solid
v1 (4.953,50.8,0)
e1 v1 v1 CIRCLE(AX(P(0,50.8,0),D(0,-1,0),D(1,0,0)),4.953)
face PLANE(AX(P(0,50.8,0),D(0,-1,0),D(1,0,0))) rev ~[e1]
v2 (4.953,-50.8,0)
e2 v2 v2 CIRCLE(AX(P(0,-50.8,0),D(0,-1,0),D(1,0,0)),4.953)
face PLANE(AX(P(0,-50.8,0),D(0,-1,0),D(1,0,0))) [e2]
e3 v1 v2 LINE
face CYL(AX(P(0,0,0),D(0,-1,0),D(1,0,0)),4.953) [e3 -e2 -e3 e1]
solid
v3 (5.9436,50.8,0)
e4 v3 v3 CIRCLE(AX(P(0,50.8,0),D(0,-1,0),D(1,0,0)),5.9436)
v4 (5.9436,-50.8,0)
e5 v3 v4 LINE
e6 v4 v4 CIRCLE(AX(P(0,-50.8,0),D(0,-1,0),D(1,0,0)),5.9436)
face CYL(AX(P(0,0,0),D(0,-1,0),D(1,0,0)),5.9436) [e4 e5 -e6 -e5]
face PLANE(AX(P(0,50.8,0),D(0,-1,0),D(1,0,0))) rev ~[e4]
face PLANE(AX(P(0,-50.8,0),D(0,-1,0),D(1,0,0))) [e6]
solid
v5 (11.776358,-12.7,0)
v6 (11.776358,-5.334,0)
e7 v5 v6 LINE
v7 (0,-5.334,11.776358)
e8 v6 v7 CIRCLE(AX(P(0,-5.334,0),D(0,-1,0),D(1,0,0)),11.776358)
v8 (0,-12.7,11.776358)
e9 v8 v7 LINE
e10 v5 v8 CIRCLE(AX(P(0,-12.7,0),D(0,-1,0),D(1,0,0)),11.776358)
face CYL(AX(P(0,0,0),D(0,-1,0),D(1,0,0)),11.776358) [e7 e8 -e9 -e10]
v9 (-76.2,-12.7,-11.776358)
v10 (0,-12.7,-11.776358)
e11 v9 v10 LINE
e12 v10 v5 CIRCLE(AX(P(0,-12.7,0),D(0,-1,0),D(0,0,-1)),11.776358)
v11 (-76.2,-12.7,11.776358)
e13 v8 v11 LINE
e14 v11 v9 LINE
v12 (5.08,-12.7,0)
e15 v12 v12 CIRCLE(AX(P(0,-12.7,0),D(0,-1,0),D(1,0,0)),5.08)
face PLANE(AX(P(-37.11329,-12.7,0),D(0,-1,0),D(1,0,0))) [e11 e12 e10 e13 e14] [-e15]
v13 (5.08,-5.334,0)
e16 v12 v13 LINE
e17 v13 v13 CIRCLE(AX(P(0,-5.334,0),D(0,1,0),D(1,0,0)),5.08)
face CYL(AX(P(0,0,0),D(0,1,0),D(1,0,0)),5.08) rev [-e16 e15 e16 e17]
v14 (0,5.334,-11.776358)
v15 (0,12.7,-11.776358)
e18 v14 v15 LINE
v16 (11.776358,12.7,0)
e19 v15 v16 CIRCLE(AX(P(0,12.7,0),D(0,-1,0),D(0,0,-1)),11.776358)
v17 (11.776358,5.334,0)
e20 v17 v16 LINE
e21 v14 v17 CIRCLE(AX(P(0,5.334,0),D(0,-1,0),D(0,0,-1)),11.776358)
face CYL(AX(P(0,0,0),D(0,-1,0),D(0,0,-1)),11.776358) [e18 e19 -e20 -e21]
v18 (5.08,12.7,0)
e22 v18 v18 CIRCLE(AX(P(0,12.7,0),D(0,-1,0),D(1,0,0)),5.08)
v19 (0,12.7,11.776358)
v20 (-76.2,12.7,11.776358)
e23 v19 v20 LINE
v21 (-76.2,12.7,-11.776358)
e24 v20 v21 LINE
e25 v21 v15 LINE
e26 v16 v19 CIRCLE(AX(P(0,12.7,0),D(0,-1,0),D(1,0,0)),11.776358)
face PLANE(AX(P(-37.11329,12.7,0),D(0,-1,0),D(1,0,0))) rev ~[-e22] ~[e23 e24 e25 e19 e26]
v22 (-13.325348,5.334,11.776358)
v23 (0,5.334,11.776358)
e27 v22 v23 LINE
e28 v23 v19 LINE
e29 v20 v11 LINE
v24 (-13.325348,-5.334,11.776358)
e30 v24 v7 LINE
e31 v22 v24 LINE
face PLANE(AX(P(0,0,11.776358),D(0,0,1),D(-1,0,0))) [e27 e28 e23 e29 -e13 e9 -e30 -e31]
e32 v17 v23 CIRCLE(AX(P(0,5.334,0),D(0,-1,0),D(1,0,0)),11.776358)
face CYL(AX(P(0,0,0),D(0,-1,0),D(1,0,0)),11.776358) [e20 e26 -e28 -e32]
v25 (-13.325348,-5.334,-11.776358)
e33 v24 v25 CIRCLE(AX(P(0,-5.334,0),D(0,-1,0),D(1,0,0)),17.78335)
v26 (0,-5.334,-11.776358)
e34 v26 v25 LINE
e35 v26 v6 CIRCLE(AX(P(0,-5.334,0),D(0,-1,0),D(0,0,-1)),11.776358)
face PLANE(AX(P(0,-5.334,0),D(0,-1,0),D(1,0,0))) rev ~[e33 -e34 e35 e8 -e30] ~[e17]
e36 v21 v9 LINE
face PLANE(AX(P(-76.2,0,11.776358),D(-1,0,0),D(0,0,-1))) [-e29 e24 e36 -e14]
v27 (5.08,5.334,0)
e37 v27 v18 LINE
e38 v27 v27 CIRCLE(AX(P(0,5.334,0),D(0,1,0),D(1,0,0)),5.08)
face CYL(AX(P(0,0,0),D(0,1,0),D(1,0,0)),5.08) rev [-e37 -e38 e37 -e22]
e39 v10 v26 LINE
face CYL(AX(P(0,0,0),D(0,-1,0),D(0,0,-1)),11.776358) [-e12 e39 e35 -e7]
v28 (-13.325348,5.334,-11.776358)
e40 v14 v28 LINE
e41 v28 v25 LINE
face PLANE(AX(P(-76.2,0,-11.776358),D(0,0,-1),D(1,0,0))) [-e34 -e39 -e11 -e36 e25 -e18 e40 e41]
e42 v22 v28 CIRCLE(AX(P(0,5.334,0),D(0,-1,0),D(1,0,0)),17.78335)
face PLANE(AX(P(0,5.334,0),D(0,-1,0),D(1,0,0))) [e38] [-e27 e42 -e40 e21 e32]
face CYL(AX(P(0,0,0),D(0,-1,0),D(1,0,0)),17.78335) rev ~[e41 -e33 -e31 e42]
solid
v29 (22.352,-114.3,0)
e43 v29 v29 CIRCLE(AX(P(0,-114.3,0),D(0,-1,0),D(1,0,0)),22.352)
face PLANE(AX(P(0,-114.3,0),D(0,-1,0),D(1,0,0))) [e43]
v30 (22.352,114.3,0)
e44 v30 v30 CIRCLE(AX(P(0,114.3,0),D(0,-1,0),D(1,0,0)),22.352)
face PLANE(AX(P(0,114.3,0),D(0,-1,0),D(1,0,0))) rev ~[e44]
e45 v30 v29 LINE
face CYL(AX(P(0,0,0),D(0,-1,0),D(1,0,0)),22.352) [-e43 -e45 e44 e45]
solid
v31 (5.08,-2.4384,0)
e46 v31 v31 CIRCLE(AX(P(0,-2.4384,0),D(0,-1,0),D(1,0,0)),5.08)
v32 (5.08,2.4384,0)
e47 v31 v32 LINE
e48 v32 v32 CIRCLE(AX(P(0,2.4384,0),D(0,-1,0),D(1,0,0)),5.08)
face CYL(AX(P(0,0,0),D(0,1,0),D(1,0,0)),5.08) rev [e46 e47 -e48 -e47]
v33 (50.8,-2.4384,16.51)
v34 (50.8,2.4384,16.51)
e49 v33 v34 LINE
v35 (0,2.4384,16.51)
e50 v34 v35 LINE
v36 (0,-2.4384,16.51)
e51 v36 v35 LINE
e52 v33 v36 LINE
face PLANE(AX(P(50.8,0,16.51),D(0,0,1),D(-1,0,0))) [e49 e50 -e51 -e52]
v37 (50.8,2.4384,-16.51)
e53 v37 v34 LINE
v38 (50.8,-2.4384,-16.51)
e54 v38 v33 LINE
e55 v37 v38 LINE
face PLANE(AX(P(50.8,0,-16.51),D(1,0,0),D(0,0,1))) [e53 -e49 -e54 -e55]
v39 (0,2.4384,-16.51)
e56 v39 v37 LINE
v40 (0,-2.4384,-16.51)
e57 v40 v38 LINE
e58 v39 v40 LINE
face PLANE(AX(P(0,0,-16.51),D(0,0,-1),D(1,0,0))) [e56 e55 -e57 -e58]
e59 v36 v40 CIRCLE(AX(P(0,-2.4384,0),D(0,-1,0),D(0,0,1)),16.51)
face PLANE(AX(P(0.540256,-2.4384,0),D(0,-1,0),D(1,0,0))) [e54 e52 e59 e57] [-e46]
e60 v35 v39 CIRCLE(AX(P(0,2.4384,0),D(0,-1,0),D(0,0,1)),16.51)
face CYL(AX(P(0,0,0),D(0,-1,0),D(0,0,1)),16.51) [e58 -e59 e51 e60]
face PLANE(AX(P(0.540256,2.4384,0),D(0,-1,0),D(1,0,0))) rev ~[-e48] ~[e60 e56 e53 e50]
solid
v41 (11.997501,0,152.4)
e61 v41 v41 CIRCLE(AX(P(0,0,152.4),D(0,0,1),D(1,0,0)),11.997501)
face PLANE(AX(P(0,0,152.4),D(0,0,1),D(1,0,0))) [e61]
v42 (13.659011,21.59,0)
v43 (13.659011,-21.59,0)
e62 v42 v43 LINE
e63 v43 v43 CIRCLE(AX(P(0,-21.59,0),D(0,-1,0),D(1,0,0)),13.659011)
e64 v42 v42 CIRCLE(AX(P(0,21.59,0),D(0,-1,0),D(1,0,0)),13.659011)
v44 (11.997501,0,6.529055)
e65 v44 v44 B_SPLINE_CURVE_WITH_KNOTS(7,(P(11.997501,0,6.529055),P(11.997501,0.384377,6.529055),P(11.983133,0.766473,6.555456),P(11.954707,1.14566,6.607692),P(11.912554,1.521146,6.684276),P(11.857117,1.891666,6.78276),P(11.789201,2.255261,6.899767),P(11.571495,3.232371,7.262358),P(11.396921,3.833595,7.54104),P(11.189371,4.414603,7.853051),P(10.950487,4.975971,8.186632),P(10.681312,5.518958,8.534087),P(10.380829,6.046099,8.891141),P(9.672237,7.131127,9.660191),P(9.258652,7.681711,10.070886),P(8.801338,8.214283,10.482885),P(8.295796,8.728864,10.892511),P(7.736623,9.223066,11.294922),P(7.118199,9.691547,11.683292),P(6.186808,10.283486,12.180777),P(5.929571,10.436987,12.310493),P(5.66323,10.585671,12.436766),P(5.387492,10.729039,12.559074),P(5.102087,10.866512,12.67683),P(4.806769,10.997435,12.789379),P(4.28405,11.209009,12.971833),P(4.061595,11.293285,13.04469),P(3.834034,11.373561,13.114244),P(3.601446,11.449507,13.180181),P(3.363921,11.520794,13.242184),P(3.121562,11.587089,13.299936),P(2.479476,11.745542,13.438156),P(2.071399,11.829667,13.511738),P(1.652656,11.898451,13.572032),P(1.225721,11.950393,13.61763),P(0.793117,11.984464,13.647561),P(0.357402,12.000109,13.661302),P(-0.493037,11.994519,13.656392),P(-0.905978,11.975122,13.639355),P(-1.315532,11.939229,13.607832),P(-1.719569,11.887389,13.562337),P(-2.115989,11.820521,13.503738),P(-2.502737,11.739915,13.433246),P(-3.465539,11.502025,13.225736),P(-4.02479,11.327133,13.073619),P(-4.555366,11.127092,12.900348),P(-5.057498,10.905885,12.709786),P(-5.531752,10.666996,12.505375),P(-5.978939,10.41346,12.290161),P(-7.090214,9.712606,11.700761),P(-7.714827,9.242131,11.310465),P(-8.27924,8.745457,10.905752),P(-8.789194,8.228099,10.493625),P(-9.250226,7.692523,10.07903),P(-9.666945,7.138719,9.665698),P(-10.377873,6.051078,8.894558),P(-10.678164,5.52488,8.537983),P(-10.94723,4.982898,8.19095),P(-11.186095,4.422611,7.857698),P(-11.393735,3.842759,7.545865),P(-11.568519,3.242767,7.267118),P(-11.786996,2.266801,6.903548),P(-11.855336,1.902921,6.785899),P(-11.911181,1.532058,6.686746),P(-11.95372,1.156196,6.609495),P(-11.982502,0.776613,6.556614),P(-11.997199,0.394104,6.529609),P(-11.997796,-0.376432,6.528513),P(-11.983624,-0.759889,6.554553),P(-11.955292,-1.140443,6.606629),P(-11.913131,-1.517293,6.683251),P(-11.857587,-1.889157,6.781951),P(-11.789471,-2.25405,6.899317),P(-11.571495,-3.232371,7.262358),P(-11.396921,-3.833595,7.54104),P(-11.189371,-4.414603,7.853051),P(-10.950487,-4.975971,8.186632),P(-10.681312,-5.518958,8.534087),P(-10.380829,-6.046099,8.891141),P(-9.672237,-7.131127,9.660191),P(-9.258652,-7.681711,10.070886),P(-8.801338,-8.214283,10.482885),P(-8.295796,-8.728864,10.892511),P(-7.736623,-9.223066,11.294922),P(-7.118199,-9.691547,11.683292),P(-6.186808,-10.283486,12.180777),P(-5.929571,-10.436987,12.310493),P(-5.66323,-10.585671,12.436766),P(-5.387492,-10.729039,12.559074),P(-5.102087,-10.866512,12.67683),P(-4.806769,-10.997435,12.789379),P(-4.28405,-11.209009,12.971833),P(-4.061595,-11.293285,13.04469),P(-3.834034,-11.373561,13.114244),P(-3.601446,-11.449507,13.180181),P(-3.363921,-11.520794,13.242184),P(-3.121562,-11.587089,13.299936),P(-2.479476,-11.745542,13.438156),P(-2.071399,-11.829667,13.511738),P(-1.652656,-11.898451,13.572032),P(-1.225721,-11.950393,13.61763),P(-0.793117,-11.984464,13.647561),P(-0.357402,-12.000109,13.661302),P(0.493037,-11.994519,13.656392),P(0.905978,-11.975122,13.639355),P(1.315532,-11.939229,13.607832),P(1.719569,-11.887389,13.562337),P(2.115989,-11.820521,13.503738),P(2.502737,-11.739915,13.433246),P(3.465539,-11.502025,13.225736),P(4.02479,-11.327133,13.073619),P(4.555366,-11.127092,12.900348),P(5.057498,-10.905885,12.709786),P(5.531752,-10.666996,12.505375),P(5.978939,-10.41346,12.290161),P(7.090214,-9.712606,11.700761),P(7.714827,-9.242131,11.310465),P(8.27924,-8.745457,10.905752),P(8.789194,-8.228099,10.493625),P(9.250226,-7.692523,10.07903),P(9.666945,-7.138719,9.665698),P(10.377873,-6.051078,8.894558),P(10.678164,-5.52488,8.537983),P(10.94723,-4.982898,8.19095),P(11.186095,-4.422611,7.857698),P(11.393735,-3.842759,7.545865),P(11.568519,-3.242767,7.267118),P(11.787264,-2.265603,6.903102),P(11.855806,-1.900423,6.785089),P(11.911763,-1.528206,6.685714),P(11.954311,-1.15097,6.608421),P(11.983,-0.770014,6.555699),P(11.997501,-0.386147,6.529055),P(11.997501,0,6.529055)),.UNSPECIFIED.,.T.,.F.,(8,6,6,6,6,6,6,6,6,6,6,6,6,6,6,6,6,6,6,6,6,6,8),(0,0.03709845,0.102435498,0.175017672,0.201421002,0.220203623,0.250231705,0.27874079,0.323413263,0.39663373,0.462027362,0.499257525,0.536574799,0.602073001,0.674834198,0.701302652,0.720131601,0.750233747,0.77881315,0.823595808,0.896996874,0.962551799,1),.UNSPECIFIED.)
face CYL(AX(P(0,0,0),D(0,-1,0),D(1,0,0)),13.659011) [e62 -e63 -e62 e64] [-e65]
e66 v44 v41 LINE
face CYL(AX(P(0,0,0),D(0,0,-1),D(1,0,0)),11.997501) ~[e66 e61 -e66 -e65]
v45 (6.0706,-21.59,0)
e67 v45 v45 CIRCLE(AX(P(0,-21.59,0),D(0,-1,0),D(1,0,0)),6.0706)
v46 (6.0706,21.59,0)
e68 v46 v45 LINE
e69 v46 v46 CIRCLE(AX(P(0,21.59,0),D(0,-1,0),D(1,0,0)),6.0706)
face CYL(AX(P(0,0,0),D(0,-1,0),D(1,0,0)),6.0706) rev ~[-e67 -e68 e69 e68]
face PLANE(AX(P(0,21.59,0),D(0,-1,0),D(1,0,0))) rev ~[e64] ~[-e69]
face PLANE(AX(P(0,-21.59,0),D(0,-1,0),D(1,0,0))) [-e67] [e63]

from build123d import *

# Parameters (mm, degrees)
F0_R      = 22.352
F1_DEPTH  = 114.3
F2_R      = 4.953
F3_DEPTH  = 50.8
F4_R      = 5.9436
F5_DEPTH  = 50.8
F6_R      = 5.08
F7_DEPTH  = 2.4384
F8_R      = 5.08
F9_DEPTH  = 12.7
F10_R     = 17.7833495677
F11_DEPTH = 5.334
F12_R     = 13.6590110192
F13_DEPTH = 21.59
F14_R     = 11.9975006325
F15_DEPTH = 152.4
F16_R     = 6.0706
F17_DEPTH = 127


with BuildPart() as f1:
    # F0 (on Front) → F1 (new body, symmetric)
    with BuildSketch(Plane.XZ):
        Circle(F0_R)
    extrude(amount=F1_DEPTH, both=True)


with BuildPart() as f3:
    # F2 (on Front) → F3 (new body, symmetric)
    with BuildSketch(Plane.XZ):
        Circle(F2_R)
    extrude(amount=F3_DEPTH, both=True)


with BuildPart() as f5:
    # F4 (on Front) → F5 (new body, symmetric)
    with BuildSketch(Plane.XZ):
        Circle(F4_R)
    extrude(amount=F5_DEPTH, both=True)


with BuildPart() as f7:
    # F6 (on Front) → F7 (new body, symmetric)
    with BuildSketch(Plane.XZ):
        with BuildLine():
            ThreePointArc((0, -16.51), (11.6743329574, -11.6743329574), (16.51, 0))
            ThreePointArc((16.51, 0), (11.6743329574, 11.6743329574), (0, 16.51))
            ThreePointArc((0, 16.51), (-16.51, 0), (0, -16.51))
        make_face()
        Circle(F6_R, mode=Mode.SUBTRACT)
        with BuildLine():
            ThreePointArc((0, 16.51), (11.6743329574, 11.6743329574), (16.51, 0))
            ThreePointArc((16.51, 0), (11.6743329574, -11.6743329574), (0, -16.51))
            Line((0, -16.51), (50.8, -16.51))
            Line((50.8, -16.51), (50.8, 16.51))
            Line((50.8, 16.51), (0, 16.51))
        make_face()
    extrude(amount=F7_DEPTH, both=True)


with BuildPart() as f9:
    # F8 (on Front) → F9 (new body, symmetric)
    with BuildSketch(Plane.XZ):
        with BuildLine():
            ThreePointArc((0, -11.776358387), (-11.776358387, 0), (0, 11.776358387))
            Line((0, 11.776358387), (-76.2, 11.776358387))
            Line((-76.2, 11.776358387), (-76.2, -11.776358387))
            Line((-76.2, -11.776358387), (0, -11.776358387))
        make_face()
        with BuildLine():
            ThreePointArc((0, -11.776358387), (8.3271428731, -8.3271428731), (11.776358387, 0))
            ThreePointArc((11.776358387, 0), (8.3271428731, 8.3271428731), (0, 11.776358387))
            ThreePointArc((0, 11.776358387), (-11.776358387, 0), (0, -11.776358387))
        make_face()
        Circle(F8_R, mode=Mode.SUBTRACT)
    extrude(amount=F9_DEPTH, both=True)

    # F10 (on Front) → F11 (cut, symmetric)
    with BuildSketch(Plane.XZ):
        Circle(F10_R)
    extrude(amount=F11_DEPTH, both=True, mode=Mode.SUBTRACT)


with BuildPart() as f13:
    # F12 (on Front) → F13 (new body, symmetric)
    with BuildSketch(Plane.XZ):
        Circle(F12_R)
    extrude(amount=F13_DEPTH, both=True)

    # F14 (on Top) → F15 (join)
    with BuildSketch(Plane.XY):
        Circle(F14_R)
    extrude(amount=F15_DEPTH)

    # F16 (on Front) → F17 (cut, symmetric)
    with BuildSketch(Plane.XZ):
        Circle(F16_R)
    extrude(amount=F17_DEPTH, both=True, mode=Mode.SUBTRACT)


solid = Compound([f1.part, f3.part, f5.part, f7.part, f9.part, f13.part])
